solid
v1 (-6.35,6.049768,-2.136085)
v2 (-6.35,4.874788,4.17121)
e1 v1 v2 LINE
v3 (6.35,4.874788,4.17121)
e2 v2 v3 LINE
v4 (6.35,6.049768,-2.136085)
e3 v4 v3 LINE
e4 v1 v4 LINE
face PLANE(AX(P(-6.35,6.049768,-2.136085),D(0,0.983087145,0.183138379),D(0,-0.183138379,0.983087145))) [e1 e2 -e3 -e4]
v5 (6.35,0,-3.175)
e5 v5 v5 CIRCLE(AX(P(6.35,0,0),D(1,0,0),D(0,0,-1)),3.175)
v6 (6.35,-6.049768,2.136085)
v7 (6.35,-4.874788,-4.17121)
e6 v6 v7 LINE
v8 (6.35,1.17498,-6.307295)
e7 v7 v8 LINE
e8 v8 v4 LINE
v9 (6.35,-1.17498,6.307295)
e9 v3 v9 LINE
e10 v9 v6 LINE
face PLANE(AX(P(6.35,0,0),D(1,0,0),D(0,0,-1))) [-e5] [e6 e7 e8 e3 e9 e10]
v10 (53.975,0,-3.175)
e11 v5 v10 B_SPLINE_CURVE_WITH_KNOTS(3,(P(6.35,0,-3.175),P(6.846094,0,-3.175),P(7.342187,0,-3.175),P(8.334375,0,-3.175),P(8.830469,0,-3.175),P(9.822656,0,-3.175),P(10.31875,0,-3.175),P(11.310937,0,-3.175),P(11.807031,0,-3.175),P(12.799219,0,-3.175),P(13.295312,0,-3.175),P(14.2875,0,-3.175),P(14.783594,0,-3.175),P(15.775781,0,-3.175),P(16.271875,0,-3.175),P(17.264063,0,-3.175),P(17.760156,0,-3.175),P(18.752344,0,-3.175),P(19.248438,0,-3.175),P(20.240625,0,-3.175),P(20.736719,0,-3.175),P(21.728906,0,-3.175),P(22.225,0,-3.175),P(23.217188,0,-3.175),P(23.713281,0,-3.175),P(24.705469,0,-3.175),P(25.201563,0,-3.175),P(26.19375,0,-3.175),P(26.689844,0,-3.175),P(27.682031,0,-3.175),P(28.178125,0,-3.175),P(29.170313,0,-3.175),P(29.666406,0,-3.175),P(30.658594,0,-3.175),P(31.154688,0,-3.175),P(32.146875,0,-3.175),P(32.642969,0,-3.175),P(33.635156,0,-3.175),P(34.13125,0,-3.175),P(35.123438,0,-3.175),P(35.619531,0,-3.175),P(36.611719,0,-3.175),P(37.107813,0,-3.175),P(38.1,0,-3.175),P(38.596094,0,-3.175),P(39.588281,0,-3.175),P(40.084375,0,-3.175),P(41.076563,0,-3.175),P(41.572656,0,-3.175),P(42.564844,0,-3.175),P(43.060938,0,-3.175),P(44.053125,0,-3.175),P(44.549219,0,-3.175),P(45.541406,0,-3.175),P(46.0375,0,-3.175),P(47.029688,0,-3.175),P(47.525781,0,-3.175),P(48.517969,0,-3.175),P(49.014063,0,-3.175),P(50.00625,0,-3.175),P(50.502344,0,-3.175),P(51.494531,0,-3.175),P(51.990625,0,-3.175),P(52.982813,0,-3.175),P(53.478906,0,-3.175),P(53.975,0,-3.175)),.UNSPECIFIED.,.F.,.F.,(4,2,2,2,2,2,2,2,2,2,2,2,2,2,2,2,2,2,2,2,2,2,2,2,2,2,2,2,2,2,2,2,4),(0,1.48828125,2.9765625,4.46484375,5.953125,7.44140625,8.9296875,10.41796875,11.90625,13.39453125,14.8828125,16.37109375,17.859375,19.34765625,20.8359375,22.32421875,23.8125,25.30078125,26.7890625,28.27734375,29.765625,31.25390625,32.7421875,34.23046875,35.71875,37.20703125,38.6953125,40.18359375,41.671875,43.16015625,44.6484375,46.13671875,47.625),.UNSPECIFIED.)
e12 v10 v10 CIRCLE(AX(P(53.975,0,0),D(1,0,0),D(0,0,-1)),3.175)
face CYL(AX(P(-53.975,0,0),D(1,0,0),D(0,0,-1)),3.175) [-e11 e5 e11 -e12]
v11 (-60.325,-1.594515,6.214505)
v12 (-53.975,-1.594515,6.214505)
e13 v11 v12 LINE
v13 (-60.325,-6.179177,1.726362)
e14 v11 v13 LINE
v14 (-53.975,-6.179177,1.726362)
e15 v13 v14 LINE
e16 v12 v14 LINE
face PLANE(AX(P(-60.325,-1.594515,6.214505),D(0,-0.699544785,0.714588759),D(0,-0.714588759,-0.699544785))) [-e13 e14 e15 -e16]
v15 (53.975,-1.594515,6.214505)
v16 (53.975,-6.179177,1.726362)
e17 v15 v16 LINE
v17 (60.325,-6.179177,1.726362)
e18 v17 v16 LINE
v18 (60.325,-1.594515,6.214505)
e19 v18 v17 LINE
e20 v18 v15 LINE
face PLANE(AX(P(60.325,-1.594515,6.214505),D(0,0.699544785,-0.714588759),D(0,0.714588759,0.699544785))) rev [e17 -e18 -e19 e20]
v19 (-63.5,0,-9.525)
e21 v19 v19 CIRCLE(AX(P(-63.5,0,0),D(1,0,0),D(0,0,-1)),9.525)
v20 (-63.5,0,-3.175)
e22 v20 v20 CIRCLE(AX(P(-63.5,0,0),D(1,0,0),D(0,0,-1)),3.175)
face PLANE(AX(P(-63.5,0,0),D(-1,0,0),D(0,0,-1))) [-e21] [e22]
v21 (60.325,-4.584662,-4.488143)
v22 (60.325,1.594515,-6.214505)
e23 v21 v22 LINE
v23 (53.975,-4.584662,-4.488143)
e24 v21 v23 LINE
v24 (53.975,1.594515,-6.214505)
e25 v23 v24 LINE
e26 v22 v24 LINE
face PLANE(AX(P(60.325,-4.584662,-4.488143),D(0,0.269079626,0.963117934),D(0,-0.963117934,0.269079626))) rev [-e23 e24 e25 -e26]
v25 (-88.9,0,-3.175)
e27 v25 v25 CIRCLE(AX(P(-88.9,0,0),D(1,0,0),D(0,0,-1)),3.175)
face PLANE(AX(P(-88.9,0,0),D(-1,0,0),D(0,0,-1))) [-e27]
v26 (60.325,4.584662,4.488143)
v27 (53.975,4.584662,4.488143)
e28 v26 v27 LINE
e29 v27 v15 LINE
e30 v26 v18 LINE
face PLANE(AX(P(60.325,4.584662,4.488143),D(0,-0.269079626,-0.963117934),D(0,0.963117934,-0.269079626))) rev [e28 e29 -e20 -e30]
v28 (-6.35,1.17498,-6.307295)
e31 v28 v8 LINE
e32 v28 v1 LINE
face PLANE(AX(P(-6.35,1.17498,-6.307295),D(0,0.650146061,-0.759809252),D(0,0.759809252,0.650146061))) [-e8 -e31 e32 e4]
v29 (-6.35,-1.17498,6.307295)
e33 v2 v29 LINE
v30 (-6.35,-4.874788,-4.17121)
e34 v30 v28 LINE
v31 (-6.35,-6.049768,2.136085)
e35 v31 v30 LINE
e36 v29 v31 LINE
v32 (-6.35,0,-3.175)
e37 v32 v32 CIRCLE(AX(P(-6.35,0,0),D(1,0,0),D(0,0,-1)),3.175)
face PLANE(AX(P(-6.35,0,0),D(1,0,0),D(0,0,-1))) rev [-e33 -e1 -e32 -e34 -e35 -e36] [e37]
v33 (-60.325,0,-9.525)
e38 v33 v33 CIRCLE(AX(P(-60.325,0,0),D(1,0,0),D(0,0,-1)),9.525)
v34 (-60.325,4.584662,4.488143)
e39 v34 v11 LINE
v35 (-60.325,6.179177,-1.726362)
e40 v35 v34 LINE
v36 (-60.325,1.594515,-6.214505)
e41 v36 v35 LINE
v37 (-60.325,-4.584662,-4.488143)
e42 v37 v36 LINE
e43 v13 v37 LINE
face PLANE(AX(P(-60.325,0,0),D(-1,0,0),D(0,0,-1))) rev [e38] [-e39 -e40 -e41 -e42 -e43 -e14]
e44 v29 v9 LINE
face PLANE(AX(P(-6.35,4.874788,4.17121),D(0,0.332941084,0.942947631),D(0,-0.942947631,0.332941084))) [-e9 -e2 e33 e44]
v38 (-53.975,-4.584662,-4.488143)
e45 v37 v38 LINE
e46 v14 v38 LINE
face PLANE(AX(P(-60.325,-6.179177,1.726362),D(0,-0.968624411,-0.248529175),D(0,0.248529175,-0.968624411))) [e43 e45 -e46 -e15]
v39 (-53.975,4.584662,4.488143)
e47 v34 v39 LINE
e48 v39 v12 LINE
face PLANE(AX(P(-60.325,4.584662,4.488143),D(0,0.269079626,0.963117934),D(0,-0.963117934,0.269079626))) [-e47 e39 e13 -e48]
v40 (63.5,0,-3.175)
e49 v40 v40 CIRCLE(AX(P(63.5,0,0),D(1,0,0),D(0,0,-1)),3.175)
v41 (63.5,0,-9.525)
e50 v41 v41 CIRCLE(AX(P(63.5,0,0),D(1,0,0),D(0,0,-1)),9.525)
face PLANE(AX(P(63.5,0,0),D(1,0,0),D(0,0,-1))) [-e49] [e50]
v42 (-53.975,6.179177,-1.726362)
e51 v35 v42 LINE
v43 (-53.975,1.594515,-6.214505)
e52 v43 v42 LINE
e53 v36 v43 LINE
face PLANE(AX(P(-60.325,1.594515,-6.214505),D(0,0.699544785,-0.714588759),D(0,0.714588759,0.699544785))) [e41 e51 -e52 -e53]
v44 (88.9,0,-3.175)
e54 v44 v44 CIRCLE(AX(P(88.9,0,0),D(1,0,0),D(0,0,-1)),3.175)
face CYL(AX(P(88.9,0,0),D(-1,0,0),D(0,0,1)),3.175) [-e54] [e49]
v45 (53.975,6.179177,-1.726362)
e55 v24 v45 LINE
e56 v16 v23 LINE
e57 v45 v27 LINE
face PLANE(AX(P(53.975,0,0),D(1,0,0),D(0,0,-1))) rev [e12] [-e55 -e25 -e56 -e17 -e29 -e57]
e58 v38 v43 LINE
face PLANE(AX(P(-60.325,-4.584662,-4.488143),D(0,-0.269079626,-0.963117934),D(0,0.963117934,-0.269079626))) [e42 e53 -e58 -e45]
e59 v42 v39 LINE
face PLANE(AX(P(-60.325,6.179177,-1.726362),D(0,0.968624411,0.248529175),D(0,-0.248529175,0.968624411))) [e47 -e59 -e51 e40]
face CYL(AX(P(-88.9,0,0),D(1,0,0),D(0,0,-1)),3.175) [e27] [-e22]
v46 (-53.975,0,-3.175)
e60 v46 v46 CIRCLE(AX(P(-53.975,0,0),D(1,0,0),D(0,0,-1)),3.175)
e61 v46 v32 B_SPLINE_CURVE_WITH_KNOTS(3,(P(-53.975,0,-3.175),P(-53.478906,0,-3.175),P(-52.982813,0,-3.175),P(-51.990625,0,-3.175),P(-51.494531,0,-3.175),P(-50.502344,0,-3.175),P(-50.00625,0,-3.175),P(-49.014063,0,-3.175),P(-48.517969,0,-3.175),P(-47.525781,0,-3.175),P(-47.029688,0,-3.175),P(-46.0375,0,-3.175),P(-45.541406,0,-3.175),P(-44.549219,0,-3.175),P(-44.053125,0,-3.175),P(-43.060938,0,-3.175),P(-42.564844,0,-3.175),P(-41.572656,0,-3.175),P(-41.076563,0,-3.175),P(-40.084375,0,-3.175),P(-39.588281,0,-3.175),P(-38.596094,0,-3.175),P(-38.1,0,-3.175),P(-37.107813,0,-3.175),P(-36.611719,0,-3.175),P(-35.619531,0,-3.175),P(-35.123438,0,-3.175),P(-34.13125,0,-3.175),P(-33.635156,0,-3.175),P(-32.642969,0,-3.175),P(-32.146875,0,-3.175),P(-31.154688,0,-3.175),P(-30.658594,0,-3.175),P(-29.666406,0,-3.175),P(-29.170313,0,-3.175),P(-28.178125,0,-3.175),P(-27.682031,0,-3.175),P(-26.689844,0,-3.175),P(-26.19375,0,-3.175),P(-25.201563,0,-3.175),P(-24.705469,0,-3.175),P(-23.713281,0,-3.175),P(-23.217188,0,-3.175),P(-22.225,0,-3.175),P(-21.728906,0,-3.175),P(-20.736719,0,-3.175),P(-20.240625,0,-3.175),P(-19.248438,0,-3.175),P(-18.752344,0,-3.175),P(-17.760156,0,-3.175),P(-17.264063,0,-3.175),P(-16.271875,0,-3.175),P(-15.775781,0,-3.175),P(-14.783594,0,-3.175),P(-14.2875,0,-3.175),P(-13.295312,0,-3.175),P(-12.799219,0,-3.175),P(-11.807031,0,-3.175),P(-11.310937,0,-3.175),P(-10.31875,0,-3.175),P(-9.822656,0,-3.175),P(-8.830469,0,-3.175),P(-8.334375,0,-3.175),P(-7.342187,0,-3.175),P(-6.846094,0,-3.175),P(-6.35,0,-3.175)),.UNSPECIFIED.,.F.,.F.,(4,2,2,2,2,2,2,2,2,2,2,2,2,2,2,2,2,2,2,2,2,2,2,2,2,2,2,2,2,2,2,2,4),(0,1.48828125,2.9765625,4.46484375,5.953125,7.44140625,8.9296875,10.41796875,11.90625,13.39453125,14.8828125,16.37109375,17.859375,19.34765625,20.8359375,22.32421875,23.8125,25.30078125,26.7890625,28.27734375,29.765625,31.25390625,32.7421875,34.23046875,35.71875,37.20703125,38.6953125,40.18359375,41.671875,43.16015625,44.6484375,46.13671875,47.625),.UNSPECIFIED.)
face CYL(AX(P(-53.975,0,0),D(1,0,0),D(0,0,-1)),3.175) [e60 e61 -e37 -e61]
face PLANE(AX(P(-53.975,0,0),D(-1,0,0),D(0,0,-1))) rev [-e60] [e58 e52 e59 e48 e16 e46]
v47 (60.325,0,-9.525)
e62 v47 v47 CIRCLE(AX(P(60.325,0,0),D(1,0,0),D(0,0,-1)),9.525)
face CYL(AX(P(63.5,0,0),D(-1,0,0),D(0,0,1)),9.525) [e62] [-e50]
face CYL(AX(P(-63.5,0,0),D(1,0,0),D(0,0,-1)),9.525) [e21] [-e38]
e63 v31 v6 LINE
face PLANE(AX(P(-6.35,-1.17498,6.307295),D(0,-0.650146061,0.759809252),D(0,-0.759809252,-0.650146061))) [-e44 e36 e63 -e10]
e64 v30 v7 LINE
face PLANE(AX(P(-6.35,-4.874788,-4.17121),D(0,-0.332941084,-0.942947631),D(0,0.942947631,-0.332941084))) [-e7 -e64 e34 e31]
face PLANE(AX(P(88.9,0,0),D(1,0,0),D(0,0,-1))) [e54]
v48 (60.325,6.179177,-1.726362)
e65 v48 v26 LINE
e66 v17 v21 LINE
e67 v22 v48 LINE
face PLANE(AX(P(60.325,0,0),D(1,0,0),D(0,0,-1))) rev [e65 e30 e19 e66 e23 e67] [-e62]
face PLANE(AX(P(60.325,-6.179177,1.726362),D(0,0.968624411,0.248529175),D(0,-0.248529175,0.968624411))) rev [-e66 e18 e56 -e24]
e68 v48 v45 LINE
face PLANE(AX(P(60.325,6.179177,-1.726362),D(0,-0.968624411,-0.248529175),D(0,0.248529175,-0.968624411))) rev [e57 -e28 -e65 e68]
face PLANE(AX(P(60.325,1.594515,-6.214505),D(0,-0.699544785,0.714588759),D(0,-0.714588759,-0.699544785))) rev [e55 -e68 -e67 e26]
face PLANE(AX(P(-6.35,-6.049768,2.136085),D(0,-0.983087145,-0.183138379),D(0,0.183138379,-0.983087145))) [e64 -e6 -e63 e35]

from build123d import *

# Parameters (mm, degrees)
BOSS_EXTRUDE1_DEPTH      = 6.35
BOSS_EXTRUDE1_DEPTH_BACK = 6.35
BOSS_EXTRUDE2_DEPTH      = 47.625
BOSS_EXTRUDE2_DEPTH_BACK = 60.325
SKETCH3_R                = 3.175
BOSS_EXTRUDE3_DEPTH      = 6.35
SKETCH5_R                = 9.525
BOSS_EXTRUDE4_DEPTH      = 3.175
SKETCH7_R                = 3.175
BOSS_EXTRUDE5_DEPTH      = 25.4


with BuildPart() as part:
    # Sketch2 → Boss-Extrude1 (new, two sides: drawn at the far end of the back side and taken through both)
    with BuildSketch(Plane(origin=(0, 0, 0), x_dir=(0, 0, -1), z_dir=(1, 0, 0)).offset(-BOSS_EXTRUDE1_DEPTH_BACK)):
        Polygon((4.171210262, -4.874787896), (6.307295287, 1.174980103), (2.136085025, 6.049767999), (-4.171210262, 4.874787896), (-6.307295287, -1.174980103), (-2.136085025, -6.049767999), align=None)
    extrude(amount=BOSS_EXTRUDE1_DEPTH + BOSS_EXTRUDE1_DEPTH_BACK)

    # Sketch3 → Boss-Extrude2 (add, two sides: drawn at the far end of the back side and taken through both)
    with BuildSketch(Plane(origin=(6.35, 0, 0), x_dir=(0, 0, -1), z_dir=(1, 0, 0)).offset(-BOSS_EXTRUDE2_DEPTH_BACK)):
        Circle(SKETCH3_R)
    extrude(amount=BOSS_EXTRUDE2_DEPTH + BOSS_EXTRUDE2_DEPTH_BACK)

    # Sketch4 → Boss-Extrude3 (add)
    with BuildSketch(Plane(origin=(53.975, 0, 0), x_dir=(0, 0, -1), z_dir=(1, 0, 0))):
        Polygon((4.488142835, -4.584662035), (6.214505208, 1.594514693), (1.726362373, 6.179176728), (-4.488142835, 4.584662035), (-6.214505208, -1.594514693), (-1.726362373, -6.179176728), align=None)
    boss_extrude3 = extrude(amount=BOSS_EXTRUDE3_DEPTH)

    # Sketch5 → Boss-Extrude4 (add)
    with BuildSketch(Plane(origin=(60.325, 0, 0), x_dir=(0, 0, -1), z_dir=(1, 0, 0))):
        Circle(SKETCH5_R)
    boss_extrude4 = extrude(amount=BOSS_EXTRUDE4_DEPTH)

    # Mirror1: Boss-Extrude3, Boss-Extrude4 across plane
    add(boss_extrude3.mirror(Plane(origin=(0, 0, 0), x_dir=(0, 0, 1), z_dir=(1, 0, 0))))
    add(boss_extrude4.mirror(Plane(origin=(0, 0, 0), x_dir=(0, 0, 1), z_dir=(1, 0, 0))))

    # Sketch7 → Boss-Extrude5 (add)
    with BuildSketch(Plane(origin=(63.5, 0, 0), x_dir=(0, 0, -1), z_dir=(1, 0, 0))):
        Circle(SKETCH7_R)
    boss_extrude5 = extrude(amount=BOSS_EXTRUDE5_DEPTH)

    # Mirror3: Boss-Extrude5 across plane
    add(boss_extrude5.mirror(Plane(origin=(0, 0, 0), x_dir=(0, 0, 1), z_dir=(1, 0, 0))))


solid = part.part
